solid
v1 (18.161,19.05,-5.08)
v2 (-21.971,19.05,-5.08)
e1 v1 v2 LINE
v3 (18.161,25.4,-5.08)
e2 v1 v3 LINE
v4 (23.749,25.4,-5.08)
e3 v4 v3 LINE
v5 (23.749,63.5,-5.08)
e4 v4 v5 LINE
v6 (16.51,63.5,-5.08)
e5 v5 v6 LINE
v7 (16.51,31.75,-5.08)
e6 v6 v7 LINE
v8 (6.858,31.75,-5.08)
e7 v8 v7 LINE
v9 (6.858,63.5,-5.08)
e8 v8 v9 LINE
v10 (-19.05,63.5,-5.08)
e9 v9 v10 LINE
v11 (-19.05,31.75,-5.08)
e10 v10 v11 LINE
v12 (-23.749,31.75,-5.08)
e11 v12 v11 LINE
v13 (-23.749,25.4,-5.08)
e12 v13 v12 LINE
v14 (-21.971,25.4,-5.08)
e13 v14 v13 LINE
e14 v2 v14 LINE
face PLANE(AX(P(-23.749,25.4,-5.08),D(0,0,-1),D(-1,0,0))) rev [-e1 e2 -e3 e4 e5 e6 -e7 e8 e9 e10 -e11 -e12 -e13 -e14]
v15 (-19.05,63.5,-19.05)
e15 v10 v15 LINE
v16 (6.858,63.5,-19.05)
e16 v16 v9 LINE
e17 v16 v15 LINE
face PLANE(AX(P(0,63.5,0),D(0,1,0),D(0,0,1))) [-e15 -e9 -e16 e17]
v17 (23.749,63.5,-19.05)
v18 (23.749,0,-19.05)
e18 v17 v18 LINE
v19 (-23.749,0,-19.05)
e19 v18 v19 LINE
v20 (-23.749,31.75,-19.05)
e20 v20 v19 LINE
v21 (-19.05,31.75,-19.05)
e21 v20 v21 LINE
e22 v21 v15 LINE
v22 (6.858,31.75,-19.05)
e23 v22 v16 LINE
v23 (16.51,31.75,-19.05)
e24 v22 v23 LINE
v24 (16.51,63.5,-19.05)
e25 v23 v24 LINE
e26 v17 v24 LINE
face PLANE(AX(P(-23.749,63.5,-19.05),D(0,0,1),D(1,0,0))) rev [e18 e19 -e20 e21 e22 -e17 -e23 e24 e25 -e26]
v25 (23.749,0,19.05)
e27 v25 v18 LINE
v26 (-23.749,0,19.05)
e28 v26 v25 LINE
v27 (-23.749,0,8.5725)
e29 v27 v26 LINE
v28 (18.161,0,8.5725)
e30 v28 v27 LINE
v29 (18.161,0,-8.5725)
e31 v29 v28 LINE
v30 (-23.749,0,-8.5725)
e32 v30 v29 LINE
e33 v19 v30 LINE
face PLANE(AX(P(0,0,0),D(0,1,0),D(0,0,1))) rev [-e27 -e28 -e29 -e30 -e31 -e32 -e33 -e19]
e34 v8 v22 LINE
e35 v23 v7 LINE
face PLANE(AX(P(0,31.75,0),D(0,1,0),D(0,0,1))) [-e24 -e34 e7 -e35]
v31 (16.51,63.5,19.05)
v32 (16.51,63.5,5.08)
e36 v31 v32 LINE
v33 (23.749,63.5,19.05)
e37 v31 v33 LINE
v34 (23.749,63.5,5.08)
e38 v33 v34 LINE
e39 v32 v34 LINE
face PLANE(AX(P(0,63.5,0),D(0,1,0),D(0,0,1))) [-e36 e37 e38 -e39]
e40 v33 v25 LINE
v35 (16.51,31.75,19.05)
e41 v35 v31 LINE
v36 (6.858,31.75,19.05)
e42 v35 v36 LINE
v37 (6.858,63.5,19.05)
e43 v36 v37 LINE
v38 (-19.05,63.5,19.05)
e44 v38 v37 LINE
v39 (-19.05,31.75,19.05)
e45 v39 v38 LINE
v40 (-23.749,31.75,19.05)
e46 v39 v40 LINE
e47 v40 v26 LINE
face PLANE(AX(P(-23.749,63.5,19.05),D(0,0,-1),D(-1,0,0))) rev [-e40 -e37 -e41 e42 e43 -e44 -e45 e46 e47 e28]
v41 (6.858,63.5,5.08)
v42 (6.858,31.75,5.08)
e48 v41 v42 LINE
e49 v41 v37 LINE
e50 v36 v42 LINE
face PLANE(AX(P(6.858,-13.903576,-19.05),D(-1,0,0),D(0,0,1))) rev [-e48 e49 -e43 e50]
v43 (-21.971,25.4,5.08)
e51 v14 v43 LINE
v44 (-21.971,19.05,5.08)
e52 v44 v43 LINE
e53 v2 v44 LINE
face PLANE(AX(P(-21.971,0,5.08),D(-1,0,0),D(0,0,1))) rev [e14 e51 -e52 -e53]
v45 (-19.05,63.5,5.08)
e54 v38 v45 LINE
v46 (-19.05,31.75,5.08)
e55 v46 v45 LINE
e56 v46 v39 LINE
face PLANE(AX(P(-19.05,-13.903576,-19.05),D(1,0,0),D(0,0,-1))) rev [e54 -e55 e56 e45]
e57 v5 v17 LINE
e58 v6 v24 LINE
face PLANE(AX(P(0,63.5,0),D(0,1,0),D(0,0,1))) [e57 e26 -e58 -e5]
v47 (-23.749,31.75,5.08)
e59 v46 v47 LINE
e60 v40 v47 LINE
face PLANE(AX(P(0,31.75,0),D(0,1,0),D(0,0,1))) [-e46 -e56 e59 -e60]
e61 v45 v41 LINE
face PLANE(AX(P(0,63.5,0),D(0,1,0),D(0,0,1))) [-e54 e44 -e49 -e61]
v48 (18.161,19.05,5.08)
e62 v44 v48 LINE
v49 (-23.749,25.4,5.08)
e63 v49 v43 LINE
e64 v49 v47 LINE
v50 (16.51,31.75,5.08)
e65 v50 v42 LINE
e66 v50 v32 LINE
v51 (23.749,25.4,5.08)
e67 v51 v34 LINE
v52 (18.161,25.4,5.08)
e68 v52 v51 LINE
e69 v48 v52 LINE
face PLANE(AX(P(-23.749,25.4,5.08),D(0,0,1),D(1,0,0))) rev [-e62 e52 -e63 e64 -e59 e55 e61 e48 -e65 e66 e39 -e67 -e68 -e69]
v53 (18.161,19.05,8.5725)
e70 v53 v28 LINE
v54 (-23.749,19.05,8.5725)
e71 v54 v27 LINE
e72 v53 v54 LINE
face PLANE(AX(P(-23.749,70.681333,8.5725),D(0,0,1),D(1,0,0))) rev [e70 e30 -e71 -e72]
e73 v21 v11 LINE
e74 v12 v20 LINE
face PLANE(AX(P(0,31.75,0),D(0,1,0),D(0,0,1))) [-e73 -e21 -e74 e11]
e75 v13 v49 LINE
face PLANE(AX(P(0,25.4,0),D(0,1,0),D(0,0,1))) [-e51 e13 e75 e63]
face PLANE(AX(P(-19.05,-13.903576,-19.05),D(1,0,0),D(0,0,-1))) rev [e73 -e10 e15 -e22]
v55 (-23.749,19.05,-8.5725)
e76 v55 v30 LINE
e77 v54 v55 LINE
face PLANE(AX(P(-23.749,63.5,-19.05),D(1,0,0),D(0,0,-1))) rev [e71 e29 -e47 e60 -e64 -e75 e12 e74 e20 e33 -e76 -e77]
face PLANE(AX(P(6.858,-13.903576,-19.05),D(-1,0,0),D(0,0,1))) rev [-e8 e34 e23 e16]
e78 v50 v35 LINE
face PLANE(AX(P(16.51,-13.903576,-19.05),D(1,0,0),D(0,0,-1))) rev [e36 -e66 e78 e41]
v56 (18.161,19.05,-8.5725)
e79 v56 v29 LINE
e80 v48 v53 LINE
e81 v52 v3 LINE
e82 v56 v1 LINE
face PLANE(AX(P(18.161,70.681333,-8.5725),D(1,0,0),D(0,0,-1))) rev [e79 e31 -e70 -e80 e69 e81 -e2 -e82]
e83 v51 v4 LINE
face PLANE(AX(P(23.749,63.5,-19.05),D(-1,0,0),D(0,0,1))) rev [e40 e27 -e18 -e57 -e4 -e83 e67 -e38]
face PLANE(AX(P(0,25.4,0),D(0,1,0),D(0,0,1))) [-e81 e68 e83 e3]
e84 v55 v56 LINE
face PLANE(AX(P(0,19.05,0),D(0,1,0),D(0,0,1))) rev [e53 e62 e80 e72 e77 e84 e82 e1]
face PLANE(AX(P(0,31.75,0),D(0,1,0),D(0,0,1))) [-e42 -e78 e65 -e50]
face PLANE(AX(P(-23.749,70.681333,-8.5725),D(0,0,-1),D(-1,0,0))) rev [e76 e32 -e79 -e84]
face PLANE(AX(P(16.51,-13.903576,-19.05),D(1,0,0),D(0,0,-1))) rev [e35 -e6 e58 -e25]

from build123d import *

# Parameters (mm, degrees)
SKETCH1_W           = 47.498
SKETCH1_H           = 38.1
BOSS_EXTRUDE1_DEPTH = 63.5
SKETCH3_W           = 47.498
SKETCH3_H           = 10.16
CUT_EXTRUDE1_DEPTH  = 38.1
SKETCH4_W           = 41.91
SKETCH4_H           = 17.145
CUT_EXTRUDE2_DEPTH  = 19.05
SKETCH5_W           = 40.132
SKETCH5_H           = 10.16
CUT_EXTRUDE3_DEPTH  = 49.770149692
SKETCH6_W           = 9.652
SKETCH6_H           = 38.1
SKETCH6_W_2         = 4.699
CUT_EXTRUDE4_DEPTH  = 31.75


with BuildPart() as part:
    # Sketch1 → Boss-Extrude1 (new body)
    with BuildSketch(Plane(origin=(0, 0, 0), x_dir=(1, 0, 0), z_dir=(0, 1, 0))):
        Rectangle(SKETCH1_W, SKETCH1_H)
    extrude(amount=BOSS_EXTRUDE1_DEPTH)

    # Sketch3 → Cut-Extrude1 (cut)
    with BuildSketch(Plane(origin=(0, 63.5, 0), x_dir=(1, 0, 0), z_dir=(0, 1, 0))):
        Rectangle(SKETCH3_W, SKETCH3_H)
    extrude(amount=-CUT_EXTRUDE1_DEPTH, mode=Mode.SUBTRACT)

    # Sketch4 → Cut-Extrude2 (cut)
    with BuildSketch(Plane.XZ):
        with Locations((-2.794, 0)):
            Rectangle(SKETCH4_W, SKETCH4_H)
    extrude(amount=-CUT_EXTRUDE2_DEPTH, mode=Mode.SUBTRACT)

    # Sketch5 → Cut-Extrude3 (cut, through all)
    with BuildSketch(Plane(origin=(0, 25.4, 0), x_dir=(1, 0, 0), z_dir=(0, 1, 0))):
        with Locations((-1.905, 0)):
            Rectangle(SKETCH5_W, SKETCH5_H)
    extrude(amount=-CUT_EXTRUDE3_DEPTH, mode=Mode.SUBTRACT)

    # Sketch6 → Cut-Extrude4 (cut)
    with BuildSketch(Plane(origin=(0, 63.5, 0), x_dir=(1, 0, 0), z_dir=(0, 1, 0))):
        with Locations((11.684, 0)):
            Rectangle(SKETCH6_W, SKETCH6_H)
        with Locations((-21.3995, 0)):
            Rectangle(SKETCH6_W_2, SKETCH6_H)
    extrude(amount=-CUT_EXTRUDE4_DEPTH, mode=Mode.SUBTRACT)


solid = part.part
